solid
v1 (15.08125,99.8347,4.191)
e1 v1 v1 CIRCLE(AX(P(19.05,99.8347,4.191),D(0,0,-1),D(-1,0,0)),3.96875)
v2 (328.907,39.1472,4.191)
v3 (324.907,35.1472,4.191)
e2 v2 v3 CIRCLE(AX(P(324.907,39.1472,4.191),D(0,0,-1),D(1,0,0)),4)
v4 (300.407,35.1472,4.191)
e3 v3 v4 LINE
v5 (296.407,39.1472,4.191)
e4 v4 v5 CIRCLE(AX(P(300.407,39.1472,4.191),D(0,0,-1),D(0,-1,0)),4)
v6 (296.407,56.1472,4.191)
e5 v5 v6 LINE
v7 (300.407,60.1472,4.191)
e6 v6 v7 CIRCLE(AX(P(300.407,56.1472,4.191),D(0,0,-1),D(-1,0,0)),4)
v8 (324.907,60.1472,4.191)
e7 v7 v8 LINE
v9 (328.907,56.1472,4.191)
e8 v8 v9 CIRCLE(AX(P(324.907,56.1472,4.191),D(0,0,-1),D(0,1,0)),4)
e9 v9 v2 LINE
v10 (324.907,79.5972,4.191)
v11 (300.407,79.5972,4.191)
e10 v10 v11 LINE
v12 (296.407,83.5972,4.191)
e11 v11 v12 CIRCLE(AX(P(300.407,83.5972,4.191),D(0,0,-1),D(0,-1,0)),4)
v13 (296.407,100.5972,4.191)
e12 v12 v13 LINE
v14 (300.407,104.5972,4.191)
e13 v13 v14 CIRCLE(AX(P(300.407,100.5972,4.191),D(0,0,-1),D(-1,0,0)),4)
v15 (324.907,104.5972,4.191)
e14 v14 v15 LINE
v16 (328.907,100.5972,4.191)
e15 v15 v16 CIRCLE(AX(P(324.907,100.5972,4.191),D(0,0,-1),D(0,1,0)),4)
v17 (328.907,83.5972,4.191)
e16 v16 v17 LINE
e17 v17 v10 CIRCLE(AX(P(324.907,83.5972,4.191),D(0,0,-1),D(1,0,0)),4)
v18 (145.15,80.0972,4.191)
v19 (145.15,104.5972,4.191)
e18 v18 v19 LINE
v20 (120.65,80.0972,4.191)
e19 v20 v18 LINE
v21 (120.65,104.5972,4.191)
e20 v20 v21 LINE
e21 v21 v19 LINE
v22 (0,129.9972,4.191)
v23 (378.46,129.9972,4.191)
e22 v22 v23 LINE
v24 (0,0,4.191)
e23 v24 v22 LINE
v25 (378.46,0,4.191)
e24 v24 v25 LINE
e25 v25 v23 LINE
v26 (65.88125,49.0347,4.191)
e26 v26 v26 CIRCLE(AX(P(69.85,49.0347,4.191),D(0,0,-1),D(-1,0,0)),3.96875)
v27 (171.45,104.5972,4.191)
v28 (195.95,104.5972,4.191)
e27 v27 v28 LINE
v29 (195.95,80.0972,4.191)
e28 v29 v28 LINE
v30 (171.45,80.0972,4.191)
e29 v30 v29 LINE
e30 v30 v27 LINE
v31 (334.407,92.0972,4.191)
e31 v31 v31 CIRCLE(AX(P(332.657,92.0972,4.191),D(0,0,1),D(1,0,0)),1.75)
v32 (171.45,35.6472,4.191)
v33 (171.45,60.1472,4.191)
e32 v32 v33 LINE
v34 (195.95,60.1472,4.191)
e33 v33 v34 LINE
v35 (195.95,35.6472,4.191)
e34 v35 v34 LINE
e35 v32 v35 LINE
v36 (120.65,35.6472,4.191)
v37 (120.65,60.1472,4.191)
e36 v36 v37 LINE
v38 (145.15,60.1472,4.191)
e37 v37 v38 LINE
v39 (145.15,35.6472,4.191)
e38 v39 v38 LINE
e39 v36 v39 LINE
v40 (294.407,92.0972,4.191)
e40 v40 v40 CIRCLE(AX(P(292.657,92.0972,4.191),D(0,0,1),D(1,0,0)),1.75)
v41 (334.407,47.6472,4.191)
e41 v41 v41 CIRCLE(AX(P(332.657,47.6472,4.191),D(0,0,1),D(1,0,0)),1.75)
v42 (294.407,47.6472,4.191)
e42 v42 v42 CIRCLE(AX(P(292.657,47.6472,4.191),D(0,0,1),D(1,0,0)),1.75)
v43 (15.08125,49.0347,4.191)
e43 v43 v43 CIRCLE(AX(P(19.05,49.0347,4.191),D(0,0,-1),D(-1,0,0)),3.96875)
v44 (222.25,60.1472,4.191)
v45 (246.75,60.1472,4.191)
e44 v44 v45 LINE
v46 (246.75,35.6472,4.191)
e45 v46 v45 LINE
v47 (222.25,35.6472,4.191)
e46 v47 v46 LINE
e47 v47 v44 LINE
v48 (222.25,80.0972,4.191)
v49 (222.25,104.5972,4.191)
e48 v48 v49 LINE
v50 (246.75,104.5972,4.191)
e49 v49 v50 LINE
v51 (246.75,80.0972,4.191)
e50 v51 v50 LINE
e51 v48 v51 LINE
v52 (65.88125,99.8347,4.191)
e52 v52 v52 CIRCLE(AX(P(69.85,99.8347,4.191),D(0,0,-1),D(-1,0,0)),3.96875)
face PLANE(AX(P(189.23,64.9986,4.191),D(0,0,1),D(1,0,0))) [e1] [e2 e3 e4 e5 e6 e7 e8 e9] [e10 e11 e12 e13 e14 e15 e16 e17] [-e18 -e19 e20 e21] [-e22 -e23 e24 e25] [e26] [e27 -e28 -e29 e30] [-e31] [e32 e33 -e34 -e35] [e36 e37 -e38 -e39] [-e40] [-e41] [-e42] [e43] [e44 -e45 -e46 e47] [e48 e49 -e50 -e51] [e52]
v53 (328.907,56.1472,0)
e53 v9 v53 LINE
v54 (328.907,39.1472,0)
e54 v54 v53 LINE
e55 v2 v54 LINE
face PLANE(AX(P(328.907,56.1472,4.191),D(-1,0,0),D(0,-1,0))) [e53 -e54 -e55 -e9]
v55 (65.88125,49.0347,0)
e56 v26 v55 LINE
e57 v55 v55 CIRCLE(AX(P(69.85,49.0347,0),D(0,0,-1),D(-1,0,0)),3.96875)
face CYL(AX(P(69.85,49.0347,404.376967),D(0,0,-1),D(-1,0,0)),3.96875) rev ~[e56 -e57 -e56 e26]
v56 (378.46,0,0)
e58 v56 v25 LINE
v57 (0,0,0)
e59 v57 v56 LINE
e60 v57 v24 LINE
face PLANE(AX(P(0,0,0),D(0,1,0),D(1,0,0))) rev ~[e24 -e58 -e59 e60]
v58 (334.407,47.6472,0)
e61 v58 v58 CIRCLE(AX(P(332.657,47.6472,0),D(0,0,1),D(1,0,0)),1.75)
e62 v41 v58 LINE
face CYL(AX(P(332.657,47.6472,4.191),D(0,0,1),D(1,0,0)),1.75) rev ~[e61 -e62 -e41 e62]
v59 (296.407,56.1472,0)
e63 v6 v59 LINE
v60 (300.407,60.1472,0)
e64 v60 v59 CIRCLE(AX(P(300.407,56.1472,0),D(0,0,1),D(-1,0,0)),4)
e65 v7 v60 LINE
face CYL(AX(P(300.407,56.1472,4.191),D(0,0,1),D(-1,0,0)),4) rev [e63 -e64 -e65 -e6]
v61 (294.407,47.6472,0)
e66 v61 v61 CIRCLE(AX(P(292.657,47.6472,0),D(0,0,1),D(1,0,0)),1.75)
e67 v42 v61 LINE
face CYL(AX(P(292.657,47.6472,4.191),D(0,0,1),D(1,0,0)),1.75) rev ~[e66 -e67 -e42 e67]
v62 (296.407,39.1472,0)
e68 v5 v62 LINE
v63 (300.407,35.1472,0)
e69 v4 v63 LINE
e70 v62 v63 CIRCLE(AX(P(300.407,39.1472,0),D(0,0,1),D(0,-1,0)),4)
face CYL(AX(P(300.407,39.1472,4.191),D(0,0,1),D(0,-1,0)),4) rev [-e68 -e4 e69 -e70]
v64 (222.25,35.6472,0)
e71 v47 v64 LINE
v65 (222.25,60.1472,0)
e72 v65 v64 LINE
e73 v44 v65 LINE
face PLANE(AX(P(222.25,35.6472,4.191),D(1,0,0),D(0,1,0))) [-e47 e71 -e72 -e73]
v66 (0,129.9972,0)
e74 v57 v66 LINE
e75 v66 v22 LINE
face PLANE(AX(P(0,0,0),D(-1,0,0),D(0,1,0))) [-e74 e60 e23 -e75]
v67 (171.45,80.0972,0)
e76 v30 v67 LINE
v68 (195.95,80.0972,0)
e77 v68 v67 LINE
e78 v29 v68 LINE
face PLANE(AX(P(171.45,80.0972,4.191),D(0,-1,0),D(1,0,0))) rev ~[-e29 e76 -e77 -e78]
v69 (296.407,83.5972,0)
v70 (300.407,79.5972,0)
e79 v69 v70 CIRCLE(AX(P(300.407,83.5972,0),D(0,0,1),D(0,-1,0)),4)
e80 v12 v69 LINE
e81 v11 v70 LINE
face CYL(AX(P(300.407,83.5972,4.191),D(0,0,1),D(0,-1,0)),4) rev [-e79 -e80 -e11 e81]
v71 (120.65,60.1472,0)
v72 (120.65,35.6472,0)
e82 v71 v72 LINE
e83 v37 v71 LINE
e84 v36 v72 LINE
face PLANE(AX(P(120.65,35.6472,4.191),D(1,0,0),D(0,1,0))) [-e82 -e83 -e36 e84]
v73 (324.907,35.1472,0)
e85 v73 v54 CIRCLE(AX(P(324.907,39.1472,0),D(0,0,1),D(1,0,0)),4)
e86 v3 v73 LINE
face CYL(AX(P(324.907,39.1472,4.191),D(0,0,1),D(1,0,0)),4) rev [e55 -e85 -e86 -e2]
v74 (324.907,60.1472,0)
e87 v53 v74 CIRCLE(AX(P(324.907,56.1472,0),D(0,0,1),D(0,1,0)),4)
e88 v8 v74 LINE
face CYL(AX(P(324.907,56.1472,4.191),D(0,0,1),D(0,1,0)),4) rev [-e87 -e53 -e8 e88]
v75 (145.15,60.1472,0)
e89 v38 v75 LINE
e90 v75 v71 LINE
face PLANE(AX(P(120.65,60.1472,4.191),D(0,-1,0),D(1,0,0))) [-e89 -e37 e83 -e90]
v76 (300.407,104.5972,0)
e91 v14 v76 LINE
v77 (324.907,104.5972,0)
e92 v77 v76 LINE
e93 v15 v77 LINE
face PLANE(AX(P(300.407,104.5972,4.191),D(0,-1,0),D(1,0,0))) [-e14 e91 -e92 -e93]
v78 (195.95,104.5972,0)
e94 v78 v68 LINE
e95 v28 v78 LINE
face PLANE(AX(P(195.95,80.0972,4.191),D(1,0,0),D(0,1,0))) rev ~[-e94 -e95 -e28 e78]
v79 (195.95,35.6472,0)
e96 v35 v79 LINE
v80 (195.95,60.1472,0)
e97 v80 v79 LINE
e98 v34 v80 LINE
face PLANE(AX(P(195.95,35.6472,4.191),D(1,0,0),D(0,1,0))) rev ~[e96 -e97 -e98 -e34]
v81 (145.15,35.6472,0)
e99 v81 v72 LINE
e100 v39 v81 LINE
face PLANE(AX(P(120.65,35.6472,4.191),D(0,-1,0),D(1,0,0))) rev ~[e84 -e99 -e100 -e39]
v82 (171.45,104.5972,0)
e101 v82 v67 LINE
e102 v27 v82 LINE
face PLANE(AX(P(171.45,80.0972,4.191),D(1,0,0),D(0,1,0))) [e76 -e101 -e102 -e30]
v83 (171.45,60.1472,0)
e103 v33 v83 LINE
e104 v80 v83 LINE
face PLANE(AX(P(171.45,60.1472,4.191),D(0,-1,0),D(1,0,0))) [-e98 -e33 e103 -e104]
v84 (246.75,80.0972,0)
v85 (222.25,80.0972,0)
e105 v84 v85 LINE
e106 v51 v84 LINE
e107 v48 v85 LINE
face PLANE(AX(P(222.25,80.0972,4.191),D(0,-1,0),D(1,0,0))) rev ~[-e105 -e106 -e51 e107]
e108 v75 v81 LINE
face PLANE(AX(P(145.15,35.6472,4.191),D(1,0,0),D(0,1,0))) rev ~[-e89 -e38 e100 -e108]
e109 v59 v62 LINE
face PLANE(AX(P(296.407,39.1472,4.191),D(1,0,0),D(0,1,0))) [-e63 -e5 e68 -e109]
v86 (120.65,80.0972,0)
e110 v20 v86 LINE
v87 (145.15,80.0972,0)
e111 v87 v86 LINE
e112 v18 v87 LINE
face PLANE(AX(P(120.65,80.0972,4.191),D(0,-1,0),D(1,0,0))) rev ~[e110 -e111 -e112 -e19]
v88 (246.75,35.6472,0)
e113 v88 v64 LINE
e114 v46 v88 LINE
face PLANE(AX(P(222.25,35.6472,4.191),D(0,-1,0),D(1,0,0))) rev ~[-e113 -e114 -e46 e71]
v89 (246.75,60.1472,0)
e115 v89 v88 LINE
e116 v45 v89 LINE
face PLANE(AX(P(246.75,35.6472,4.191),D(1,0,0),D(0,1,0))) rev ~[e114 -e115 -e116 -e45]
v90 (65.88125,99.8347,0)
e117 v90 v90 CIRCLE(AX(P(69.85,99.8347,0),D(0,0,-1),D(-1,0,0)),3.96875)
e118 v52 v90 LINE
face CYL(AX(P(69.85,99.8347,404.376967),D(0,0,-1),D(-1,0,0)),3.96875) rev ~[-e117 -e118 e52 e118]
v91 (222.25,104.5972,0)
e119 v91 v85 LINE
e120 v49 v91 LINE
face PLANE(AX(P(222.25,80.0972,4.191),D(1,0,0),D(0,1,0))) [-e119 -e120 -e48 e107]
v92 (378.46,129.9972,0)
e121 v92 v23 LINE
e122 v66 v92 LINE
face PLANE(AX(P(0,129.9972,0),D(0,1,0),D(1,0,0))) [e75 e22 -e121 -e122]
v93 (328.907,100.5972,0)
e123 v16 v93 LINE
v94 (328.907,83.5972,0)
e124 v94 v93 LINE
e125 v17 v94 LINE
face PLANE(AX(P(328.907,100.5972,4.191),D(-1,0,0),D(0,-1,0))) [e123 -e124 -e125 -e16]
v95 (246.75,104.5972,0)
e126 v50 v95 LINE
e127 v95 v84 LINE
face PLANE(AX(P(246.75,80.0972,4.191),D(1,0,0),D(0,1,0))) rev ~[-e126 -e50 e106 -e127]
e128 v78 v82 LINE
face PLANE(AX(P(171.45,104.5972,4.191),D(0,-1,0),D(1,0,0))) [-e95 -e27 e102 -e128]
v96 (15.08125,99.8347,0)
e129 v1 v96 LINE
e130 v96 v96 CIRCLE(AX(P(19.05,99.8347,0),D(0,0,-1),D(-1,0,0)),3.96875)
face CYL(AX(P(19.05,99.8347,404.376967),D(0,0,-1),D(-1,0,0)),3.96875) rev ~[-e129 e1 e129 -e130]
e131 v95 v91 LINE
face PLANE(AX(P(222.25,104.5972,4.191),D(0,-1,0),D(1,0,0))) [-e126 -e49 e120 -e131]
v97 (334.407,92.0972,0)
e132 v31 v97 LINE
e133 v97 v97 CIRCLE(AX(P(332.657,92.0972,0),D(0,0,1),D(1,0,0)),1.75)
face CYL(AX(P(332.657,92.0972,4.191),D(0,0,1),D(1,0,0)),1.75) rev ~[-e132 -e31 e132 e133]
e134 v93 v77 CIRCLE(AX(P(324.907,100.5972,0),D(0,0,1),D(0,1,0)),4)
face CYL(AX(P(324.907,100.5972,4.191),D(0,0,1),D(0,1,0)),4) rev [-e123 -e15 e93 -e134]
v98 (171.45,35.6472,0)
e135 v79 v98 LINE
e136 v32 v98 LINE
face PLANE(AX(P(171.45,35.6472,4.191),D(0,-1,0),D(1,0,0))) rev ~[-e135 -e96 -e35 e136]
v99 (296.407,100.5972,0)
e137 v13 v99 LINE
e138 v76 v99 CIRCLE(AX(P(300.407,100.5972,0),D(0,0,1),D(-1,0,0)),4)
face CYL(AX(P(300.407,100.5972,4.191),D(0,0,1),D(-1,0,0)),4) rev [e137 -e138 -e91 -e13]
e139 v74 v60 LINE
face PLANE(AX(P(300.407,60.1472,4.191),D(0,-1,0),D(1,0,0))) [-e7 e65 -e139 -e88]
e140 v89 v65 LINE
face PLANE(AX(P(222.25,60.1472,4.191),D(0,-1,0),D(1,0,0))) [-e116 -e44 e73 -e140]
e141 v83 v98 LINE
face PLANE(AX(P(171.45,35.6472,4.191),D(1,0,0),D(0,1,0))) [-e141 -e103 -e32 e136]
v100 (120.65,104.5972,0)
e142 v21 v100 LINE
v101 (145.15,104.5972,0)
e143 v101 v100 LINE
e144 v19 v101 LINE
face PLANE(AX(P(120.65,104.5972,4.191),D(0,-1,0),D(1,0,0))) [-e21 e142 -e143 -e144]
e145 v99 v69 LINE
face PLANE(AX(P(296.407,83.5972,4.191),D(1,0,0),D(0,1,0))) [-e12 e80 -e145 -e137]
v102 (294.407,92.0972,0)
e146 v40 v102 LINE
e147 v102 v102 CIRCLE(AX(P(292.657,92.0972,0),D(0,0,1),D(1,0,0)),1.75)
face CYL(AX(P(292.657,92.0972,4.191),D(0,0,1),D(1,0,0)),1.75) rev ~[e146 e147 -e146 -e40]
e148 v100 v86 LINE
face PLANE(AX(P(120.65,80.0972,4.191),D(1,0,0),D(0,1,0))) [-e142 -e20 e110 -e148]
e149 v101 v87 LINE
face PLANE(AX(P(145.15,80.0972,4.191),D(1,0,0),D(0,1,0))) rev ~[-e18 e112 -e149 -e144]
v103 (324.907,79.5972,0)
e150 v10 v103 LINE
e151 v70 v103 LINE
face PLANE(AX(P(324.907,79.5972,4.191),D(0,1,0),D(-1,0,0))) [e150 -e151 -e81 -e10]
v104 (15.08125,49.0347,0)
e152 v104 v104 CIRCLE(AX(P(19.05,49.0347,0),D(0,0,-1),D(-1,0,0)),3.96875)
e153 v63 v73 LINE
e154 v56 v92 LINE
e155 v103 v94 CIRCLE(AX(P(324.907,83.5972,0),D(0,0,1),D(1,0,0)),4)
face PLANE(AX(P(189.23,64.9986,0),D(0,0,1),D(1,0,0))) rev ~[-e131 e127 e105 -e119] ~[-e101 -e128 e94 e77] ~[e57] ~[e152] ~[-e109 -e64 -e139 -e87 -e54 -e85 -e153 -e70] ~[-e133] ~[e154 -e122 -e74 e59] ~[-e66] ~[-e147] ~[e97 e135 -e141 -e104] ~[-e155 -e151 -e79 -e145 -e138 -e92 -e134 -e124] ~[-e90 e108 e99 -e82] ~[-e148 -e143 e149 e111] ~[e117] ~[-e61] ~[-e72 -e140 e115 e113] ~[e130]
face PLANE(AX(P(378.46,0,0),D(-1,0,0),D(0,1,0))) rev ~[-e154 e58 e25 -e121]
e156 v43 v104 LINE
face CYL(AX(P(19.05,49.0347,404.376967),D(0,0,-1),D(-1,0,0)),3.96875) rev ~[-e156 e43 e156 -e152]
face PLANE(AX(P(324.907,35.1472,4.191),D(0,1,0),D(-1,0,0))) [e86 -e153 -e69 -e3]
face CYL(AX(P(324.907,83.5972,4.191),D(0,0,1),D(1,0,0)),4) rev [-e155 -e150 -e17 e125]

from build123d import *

# Parameters (mm, degrees)
SKETCH1_W               = 378.46
SKETCH1_H               = 129.9972
BOSS_EXTRUDE1_DEPTH     = 4.191
F_3_8_16_TAPPED_HOLE1_D = 7.9375
CUT_EXTRUDE1_REACH      = 402.186
SKETCH5_W               = 24.5
SKETCH5_H               = 24.5
CUT_EXTRUDE2_REACH      = 402.186
SKETCH7_R               = 1.75


with BuildPart() as part:
    # Sketch1 → Boss-Extrude1 (new body)
    with BuildSketch(Plane.XY):
        with Locations((189.23, 64.9986)):
            Rectangle(SKETCH1_W, SKETCH1_H)
    extrude(amount=BOSS_EXTRUDE1_DEPTH)

    # 3/8-16 Tapped Hole1 (through all)
    with Locations(Plane.XY.offset(4.191)):
        with Locations((19.05, 99.8347), (69.85, 99.8347), (69.85, 49.0347), (19.05, 49.0347)):
            Hole(F_3_8_16_TAPPED_HOLE1_D / 2)

    # Sketch5 → Cut-Extrude1 (cut, up to next)
    with BuildSketch(Plane.XY.offset(4.191), mode=Mode.PRIVATE) as cut_extrude1_sk1:
        with Locations((132.9, 92.3472)):
            Rectangle(SKETCH5_W, SKETCH5_H)
    cut_extrude1_tool1 = extrude(cut_extrude1_sk1.sketch, amount=-CUT_EXTRUDE1_REACH, mode=Mode.PRIVATE) & part.part
    # Sketch5 → Cut-Extrude1 (cut, up to next)
    with BuildSketch(Plane.XY.offset(4.191), mode=Mode.PRIVATE) as cut_extrude1_sk2:
        with Locations((183.7, 92.3472)):
            Rectangle(SKETCH5_W, SKETCH5_H)
    cut_extrude1_tool2 = extrude(cut_extrude1_sk2.sketch, amount=-CUT_EXTRUDE1_REACH, mode=Mode.PRIVATE) & part.part
    # Sketch5 → Cut-Extrude1 (cut, up to next)
    with BuildSketch(Plane.XY.offset(4.191), mode=Mode.PRIVATE) as cut_extrude1_sk3:
        with Locations((234.5, 92.3472)):
            Rectangle(SKETCH5_W, SKETCH5_H)
    cut_extrude1_tool3 = extrude(cut_extrude1_sk3.sketch, amount=-CUT_EXTRUDE1_REACH, mode=Mode.PRIVATE) & part.part
    # Sketch5 → Cut-Extrude1 (cut, up to next)
    with BuildSketch(Plane.XY.offset(4.191), mode=Mode.PRIVATE) as cut_extrude1_sk4:
        with Locations((183.7, 47.8972)):
            Rectangle(SKETCH5_W, SKETCH5_H)
    cut_extrude1_tool4 = extrude(cut_extrude1_sk4.sketch, amount=-CUT_EXTRUDE1_REACH, mode=Mode.PRIVATE) & part.part
    # Sketch5 → Cut-Extrude1 (cut, up to next)
    with BuildSketch(Plane.XY.offset(4.191), mode=Mode.PRIVATE) as cut_extrude1_sk5:
        with Locations((234.5, 47.8972)):
            Rectangle(SKETCH5_W, SKETCH5_H)
    cut_extrude1_tool5 = extrude(cut_extrude1_sk5.sketch, amount=-CUT_EXTRUDE1_REACH, mode=Mode.PRIVATE) & part.part
    # Sketch5 → Cut-Extrude1 (cut, up to next)
    with BuildSketch(Plane.XY.offset(4.191), mode=Mode.PRIVATE) as cut_extrude1_sk6:
        with Locations((132.9, 47.8972)):
            Rectangle(SKETCH5_W, SKETCH5_H)
    cut_extrude1_tool6 = extrude(cut_extrude1_sk6.sketch, amount=-CUT_EXTRUDE1_REACH, mode=Mode.PRIVATE) & part.part
    add(cut_extrude1_tool1.solids().sort_by_distance((132.9, 92.3472, 4.191))[0], mode=Mode.SUBTRACT)
    add(cut_extrude1_tool2.solids().sort_by_distance((183.7, 92.3472, 4.191))[0], mode=Mode.SUBTRACT)
    add(cut_extrude1_tool3.solids().sort_by_distance((234.5, 92.3472, 4.191))[0], mode=Mode.SUBTRACT)
    add(cut_extrude1_tool4.solids().sort_by_distance((183.7, 47.8972, 4.191))[0], mode=Mode.SUBTRACT)
    add(cut_extrude1_tool5.solids().sort_by_distance((234.5, 47.8972, 4.191))[0], mode=Mode.SUBTRACT)
    add(cut_extrude1_tool6.solids().sort_by_distance((132.9, 47.8972, 4.191))[0], mode=Mode.SUBTRACT)

    # Sketch7 → Cut-Extrude2 (cut, up to next)
    with BuildSketch(Plane.XY.offset(4.191), mode=Mode.PRIVATE) as cut_extrude2_sk1:
        with Locations((292.657, 92.0972)):
            Circle(SKETCH7_R)
    cut_extrude2_tool1 = extrude(cut_extrude2_sk1.sketch, amount=-CUT_EXTRUDE2_REACH, mode=Mode.PRIVATE) & part.part
    # Sketch7 → Cut-Extrude2 (cut, up to next)
    with BuildSketch(Plane.XY.offset(4.191), mode=Mode.PRIVATE) as cut_extrude2_sk2:
        with Locations((332.657, 92.0972)):
            Circle(SKETCH7_R)
    cut_extrude2_tool2 = extrude(cut_extrude2_sk2.sketch, amount=-CUT_EXTRUDE2_REACH, mode=Mode.PRIVATE) & part.part
    # Sketch7 → Cut-Extrude2 (cut, up to next)
    with BuildSketch(Plane.XY.offset(4.191), mode=Mode.PRIVATE) as cut_extrude2_sk3:
        with Locations((332.657, 47.6472)):
            Circle(SKETCH7_R)
    cut_extrude2_tool3 = extrude(cut_extrude2_sk3.sketch, amount=-CUT_EXTRUDE2_REACH, mode=Mode.PRIVATE) & part.part
    # Sketch7 → Cut-Extrude2 (cut, up to next)
    with BuildSketch(Plane.XY.offset(4.191), mode=Mode.PRIVATE) as cut_extrude2_sk4:
        with Locations((292.657, 47.6472)):
            Circle(SKETCH7_R)
    cut_extrude2_tool4 = extrude(cut_extrude2_sk4.sketch, amount=-CUT_EXTRUDE2_REACH, mode=Mode.PRIVATE) & part.part
    # Sketch7 → Cut-Extrude2 (cut, up to next)
    with BuildSketch(Plane.XY.offset(4.191), mode=Mode.PRIVATE) as cut_extrude2_sk5:
        with BuildLine():
            Line((300.407, 60.1472), (324.907, 60.1472))
            ThreePointArc((324.907, 60.1472), (327.735427125, 58.975627125), (328.907, 56.1472))
            Line((328.907, 56.1472), (328.907, 39.1472))
            ThreePointArc((328.907, 39.1472), (327.735427125, 36.318772875), (324.907, 35.1472))
            Line((324.907, 35.1472), (300.407, 35.1472))
            ThreePointArc((300.407, 35.1472), (297.578572875, 36.318772875), (296.407, 39.1472))
            Line((296.407, 39.1472), (296.407, 56.1472))
            ThreePointArc((296.407, 56.1472), (297.578572875, 58.975627125), (300.407, 60.1472))
        make_face()
    cut_extrude2_tool5 = extrude(cut_extrude2_sk5.sketch, amount=-CUT_EXTRUDE2_REACH, mode=Mode.PRIVATE) & part.part
    # Sketch7 → Cut-Extrude2 (cut, up to next)
    with BuildSketch(Plane.XY.offset(4.191), mode=Mode.PRIVATE) as cut_extrude2_sk6:
        with BuildLine():
            Line((300.407, 104.5972), (324.907, 104.5972))
            ThreePointArc((324.907, 104.5972), (327.735427125, 103.425627125), (328.907, 100.5972))
            Line((328.907, 100.5972), (328.907, 83.5972))
            ThreePointArc((328.907, 83.5972), (327.735427125, 80.768772875), (324.907, 79.5972))
            Line((324.907, 79.5972), (300.407, 79.5972))
            ThreePointArc((300.407, 79.5972), (297.578572875, 80.768772875), (296.407, 83.5972))
            Line((296.407, 83.5972), (296.407, 100.5972))
            ThreePointArc((296.407, 100.5972), (297.578572875, 103.425627125), (300.407, 104.5972))
        make_face()
    cut_extrude2_tool6 = extrude(cut_extrude2_sk6.sketch, amount=-CUT_EXTRUDE2_REACH, mode=Mode.PRIVATE) & part.part
    add(cut_extrude2_tool1.solids().sort_by_distance((292.657, 92.0972, 4.191))[0], mode=Mode.SUBTRACT)
    add(cut_extrude2_tool2.solids().sort_by_distance((332.657, 92.0972, 4.191))[0], mode=Mode.SUBTRACT)
    add(cut_extrude2_tool3.solids().sort_by_distance((332.657, 47.6472, 4.191))[0], mode=Mode.SUBTRACT)
    add(cut_extrude2_tool4.solids().sort_by_distance((292.657, 47.6472, 4.191))[0], mode=Mode.SUBTRACT)
    add(cut_extrude2_tool5.solids().sort_by_distance((312.657, 47.6472, 4.191))[0], mode=Mode.SUBTRACT)
    add(cut_extrude2_tool6.solids().sort_by_distance((312.657, 92.0972, 4.191))[0], mode=Mode.SUBTRACT)


solid = part.part
